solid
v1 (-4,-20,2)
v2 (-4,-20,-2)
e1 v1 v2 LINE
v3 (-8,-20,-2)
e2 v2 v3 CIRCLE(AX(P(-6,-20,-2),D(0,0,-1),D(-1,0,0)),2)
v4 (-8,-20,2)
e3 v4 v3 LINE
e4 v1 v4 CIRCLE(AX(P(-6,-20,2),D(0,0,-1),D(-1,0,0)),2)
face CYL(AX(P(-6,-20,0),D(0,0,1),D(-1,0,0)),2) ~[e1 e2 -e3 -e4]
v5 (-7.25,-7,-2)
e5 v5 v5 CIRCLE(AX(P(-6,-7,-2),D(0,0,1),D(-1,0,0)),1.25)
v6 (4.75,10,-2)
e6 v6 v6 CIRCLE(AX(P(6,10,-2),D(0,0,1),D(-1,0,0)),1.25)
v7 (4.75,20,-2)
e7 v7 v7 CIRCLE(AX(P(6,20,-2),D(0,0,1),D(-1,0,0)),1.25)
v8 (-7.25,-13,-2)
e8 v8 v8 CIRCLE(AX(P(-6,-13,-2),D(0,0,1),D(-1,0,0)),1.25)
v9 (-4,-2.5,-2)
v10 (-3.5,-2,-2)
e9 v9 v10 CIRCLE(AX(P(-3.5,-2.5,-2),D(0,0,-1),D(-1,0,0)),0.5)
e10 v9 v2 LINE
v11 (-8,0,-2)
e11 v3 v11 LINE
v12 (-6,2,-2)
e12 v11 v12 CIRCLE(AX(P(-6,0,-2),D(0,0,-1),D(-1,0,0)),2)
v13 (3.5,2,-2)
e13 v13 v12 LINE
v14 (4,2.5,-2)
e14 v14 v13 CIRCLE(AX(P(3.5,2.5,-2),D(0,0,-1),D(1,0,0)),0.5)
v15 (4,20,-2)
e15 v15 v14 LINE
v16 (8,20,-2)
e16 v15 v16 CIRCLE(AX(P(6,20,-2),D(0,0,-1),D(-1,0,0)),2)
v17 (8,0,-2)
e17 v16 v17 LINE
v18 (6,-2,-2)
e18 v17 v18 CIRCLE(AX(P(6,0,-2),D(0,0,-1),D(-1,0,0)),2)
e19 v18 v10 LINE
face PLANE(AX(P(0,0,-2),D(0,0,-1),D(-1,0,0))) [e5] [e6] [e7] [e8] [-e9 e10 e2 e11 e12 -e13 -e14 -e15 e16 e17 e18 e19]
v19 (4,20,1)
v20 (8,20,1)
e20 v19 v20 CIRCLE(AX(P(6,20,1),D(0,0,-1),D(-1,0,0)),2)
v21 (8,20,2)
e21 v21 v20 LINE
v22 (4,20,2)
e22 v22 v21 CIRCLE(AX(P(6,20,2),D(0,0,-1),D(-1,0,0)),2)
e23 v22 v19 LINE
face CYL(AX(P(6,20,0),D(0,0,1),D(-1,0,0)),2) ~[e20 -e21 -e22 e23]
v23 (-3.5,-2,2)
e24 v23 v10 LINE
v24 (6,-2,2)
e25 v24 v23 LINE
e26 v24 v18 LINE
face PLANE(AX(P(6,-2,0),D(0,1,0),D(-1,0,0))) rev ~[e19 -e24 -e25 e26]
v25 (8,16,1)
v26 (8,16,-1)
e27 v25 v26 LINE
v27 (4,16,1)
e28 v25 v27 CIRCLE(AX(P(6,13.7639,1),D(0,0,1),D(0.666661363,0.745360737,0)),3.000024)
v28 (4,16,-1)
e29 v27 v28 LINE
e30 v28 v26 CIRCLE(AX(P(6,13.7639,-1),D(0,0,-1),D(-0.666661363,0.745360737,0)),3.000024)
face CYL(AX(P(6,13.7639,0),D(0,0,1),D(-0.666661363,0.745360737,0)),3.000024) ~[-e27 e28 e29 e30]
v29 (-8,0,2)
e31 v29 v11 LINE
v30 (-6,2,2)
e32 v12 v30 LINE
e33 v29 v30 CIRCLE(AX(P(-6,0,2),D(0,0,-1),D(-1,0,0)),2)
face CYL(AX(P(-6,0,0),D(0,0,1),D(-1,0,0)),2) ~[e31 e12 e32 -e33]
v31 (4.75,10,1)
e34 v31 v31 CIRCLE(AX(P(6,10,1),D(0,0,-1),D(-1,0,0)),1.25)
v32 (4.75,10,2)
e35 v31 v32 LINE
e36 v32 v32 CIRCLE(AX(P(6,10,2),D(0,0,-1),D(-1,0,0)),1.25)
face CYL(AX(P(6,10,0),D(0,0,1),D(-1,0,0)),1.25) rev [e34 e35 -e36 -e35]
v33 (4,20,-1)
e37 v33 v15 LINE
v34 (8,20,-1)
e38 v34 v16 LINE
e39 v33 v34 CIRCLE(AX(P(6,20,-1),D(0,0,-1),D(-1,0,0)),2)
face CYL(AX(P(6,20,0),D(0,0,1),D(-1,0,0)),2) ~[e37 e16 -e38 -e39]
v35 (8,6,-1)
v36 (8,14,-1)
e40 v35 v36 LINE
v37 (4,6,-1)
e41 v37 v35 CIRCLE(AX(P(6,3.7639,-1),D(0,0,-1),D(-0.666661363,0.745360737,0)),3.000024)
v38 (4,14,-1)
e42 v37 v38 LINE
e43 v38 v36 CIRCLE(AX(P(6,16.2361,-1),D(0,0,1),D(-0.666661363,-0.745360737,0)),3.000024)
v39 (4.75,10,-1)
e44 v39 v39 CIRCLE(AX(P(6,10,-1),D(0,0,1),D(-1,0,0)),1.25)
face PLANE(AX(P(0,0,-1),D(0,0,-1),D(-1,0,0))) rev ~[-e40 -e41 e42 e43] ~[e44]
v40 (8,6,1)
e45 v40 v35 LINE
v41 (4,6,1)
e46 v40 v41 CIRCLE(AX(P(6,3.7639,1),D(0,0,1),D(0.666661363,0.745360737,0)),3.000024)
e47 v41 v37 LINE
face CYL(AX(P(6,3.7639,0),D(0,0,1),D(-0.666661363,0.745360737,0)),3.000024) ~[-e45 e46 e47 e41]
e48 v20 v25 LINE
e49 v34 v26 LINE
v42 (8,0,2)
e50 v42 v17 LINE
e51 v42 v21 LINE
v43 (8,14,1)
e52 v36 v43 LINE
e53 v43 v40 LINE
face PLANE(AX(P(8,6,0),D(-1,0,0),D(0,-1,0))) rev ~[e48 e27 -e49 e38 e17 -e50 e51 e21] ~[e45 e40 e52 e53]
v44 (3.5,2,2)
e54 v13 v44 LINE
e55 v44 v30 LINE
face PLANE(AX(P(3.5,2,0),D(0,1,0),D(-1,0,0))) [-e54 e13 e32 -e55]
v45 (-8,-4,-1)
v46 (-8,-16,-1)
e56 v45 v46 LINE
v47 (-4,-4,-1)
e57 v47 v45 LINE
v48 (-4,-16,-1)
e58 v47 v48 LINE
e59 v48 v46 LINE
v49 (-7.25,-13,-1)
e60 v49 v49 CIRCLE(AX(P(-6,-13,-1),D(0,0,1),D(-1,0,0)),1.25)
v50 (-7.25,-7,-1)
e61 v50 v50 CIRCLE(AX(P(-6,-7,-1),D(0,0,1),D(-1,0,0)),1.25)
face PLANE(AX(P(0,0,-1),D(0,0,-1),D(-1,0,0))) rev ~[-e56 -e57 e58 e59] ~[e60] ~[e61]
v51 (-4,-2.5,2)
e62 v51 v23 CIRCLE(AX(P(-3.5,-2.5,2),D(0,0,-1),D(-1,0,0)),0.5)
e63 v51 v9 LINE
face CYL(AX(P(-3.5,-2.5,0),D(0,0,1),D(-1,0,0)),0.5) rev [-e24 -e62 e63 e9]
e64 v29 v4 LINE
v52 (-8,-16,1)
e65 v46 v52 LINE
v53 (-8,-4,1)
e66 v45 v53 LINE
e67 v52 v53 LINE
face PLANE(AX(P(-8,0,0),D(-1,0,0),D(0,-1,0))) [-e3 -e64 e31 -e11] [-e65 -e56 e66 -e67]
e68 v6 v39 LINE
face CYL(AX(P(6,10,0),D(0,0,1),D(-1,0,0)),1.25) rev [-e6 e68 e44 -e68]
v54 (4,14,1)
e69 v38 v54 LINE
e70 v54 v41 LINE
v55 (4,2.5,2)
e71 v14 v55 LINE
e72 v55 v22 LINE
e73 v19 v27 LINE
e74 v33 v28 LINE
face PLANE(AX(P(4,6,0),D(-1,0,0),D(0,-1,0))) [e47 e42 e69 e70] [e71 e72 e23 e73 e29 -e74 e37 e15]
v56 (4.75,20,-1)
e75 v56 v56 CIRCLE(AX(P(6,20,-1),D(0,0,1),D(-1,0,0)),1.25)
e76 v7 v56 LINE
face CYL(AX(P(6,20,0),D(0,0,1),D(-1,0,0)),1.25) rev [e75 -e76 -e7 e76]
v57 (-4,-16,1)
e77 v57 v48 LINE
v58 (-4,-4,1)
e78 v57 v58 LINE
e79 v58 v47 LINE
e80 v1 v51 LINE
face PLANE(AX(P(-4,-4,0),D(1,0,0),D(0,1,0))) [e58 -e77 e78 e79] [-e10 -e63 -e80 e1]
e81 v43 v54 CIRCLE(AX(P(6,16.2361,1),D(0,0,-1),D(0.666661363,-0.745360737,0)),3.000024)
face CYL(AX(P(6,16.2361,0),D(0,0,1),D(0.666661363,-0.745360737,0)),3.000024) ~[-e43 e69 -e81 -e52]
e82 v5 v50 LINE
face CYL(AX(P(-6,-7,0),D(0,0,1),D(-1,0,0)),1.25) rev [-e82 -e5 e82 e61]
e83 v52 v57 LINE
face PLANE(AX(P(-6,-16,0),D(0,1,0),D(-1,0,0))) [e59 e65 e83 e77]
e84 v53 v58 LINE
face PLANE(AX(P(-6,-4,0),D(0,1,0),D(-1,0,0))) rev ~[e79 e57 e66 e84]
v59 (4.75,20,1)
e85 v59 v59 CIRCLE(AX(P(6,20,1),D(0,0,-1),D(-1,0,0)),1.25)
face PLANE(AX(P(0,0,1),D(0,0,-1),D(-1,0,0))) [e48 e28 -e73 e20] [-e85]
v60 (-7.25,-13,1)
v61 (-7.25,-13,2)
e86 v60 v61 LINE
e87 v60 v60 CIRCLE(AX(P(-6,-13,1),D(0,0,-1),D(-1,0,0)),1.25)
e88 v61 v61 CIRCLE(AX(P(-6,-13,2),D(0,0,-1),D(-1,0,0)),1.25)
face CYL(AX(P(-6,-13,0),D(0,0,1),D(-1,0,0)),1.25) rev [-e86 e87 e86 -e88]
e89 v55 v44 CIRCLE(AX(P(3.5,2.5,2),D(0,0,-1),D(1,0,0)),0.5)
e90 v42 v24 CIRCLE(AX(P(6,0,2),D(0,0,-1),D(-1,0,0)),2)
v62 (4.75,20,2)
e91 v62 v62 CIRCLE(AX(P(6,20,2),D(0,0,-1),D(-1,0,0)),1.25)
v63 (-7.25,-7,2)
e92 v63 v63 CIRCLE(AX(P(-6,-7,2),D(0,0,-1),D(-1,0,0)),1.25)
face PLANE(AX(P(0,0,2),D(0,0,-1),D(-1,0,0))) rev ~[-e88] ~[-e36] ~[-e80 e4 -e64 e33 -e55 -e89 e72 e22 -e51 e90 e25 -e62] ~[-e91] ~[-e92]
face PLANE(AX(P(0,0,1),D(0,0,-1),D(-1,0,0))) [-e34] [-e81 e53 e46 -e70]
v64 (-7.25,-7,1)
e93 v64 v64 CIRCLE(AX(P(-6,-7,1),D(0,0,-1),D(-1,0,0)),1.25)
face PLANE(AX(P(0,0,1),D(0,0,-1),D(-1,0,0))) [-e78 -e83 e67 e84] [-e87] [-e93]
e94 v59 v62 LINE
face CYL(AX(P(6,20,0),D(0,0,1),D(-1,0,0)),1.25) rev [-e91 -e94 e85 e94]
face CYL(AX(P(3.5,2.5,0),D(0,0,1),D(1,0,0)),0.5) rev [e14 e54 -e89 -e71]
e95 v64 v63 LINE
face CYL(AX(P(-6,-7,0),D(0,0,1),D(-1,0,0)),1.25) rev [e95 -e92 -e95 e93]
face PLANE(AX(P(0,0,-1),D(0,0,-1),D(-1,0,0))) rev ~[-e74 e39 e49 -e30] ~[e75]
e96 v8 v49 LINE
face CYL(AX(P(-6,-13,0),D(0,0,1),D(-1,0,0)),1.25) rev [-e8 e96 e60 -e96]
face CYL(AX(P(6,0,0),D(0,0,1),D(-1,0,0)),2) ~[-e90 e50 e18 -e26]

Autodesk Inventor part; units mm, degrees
ref_plane "YZ Plane" through (0, 0, 0) normal (1, 0, 0) x (0, 1, 0)
ref_plane "XZ Plane" through (0, 0, 0) normal (0, 1, 0) x (-1, 0, 0)
ref_plane "XY Plane" through (0, 0, 0) normal (0, 0, 1) x (1, 0, 0)
sketch "Sketch1" plane through (0, 0, 0) normal (0, 0, 1) x (1, 0, 0)
  line L0 (0, 0) -> (6, 0)
  line L1 (6, 0) -> (6, -20)
  line L2 (0, 0) -> (-6, 0)
  line L3 (-6, 0) -> (-6, 20)
  circle A0 centre (-6, 20) radius 2
  circle A1 centre (-6, 20) radius 1.25
  line L4 (-6, 0) -> (-6, 10)
  circle A2 centre (-6, 10) radius 1.25
  circle A3 centre (6, 0) radius 2
  circle A4 centre (-6, 0) radius 2
  line L5 (-8, 20) -> (-8, 0)
  line L6 (-4, 20) -> (-4, 2.5)
  line L7 (-6, -2) -> (3.5, -2)
  line L8 (-3.5, 2) -> (6, 2)
  circle A5 centre (6, -20) radius 2
  line L9 (4, -20) -> (4, -2.5)
  line L10 (8, 0) -> (8, -20)
  arc A6 (-4, 2.5) -> (-3.5, 2) centre (-3.5, 2.5) ccw
  arc A7 (4, -2.5) -> (3.5, -2) centre (3.5, -2.5) ccw
  line L11 (-8, 20) -> (-4, 20)
  line L12 (-4, 20) -> (-4, 16)
  line L13 (-4, 16) -> (-8, 16)
  line L14 (-8, 16) -> (-8, 20)
  arc A8 (-4, 16) -> (-8, 16) centre (-6, 13.7639) ccw
  line L15 (-4, 10) -> (-8, 10)
  line L16 (-8, 10) -> (-8, 14)
  line L17 (-8, 14) -> (-4, 14)
  line L18 (-4, 14) -> (-4, 10)
  line L19 (-4, 10) -> (-8, 10)
  line L20 (-8, 10) -> (-8, 6)
  line L21 (-8, 6) -> (-4, 6)
  line L22 (-4, 6) -> (-4, 10)
  arc A9 (-8, 14) -> (-4, 14) centre (-6, 16.2361) ccw
  arc A10 (-4, 6) -> (-8, 6) centre (-6, 3.7639) ccw
  line L23 (6, 0) -> (6, -7)
  circle A11 centre (6, -7) radius 1.25
  line L24 (6, -20) -> (6, -13)
  circle A12 centre (6, -13) radius 1.25
  line L25 (4, -6.5) -> (4, -3.5)
  line L26 (8, -3.5) -> (8, -6.5)
  line L27 (4, -13.5) -> (4, -16.5)
  line L28 (8, -16.5) -> (8, -13.5)
  line L29 (8, -7) -> (4, -7)
  line L30 (4, -7) -> (4, -4)
  line L31 (4, -4) -> (8, -4)
  line L32 (8, -4) -> (8, -7)
  line L33 (8, -13) -> (4, -13)
  line L34 (4, -13) -> (4, -16)
  line L35 (4, -16) -> (8, -16)
  line L36 (8, -16) -> (8, -13)
  point P0 (-4, 0)
  point P1 (6, -2)
  point P2 (-6, 2)
  point P3 (6, 2)
  point P4 (4, 0)
  point P5 (-4, 6)
  point P6 (-4, 14)
  point P7 (-8, 16)
  point P8 (4, -4)
  point P9 (4, -16)
  point P10 (8, -16)
  dimension "d44" = 6
  dimension "d45" = 20
  dimension "d46" = 6
  dimension "d47" = 20
  dimension "d48" = 4
  dimension "d49" = 2.5
  dimension "d50" = 10
  dimension "d51" = 2.5
  dimension "d52" = 4
  dimension "d53" = 4
  dimension "d54" = 4
  dimension "d55" = 0.5
  dimension "d56" = 0.5
  dimension "d57" = 4
  dimension "d58" = 20
  dimension "d59" = 3
  dimension "d60" = 4
  dimension "d61" = 10
  dimension "d62" = 4
  dimension "d63" = 3
  dimension "d64" = 3
  dimension "d66" = 2.5
  dimension "d68" = 2.5
  dimension "d75" = 7
  dimension "d77" = 7
  dimension "d78" = 3
  dimension "d79" = 3
extrude "Extrusion8" add sketch "Sketch1" along normal mid plane 4 contours L2 A4 L3 L21 L6 A6 L8 A3 L0 | L0 A3 L1 L31 L9 A7 L7 A4 L2 | A3 L1 L0 | L0 L1 A3 | A4 L3 L2 | L2 L3 A4 | A3 L10 L31 L1 | A4 L5 L21 L3 | L31 L10 L29 A11 L1 | L1 A11 L29 L9 L31 | L21 A10 L3 | L3 A10 L21 | L5 L15 A2 L3 A10 | L3 A2 L15 L6 A10 | L29 L10 L33 A12 L1 A11 | A11 L1 A12 L33 L9 L29 | L5 A9 L3 A2 L15 | L15 A2 L3 A9 L6 | L5 L13 L3 L17 | L17 L3 A9 | L17 L3 L13 L6 | A9 L3 L17 | L10 L35 L1 A12 L33 | L33 A12 L1 L35 L9 | A8 L3 L13 | L5 A0 L3 A8 | A8 L3 A0 L6 | L13 L3 A8 | L11 A1 L3 A0 | A0 L11 A1 | A0 L3 A1 L11 | L10 A5 L1 L35 | L35 L1 A5 L9 | A5
extrude "Extrusion9" cut sketch "Sketch1" along normal mid plane 2 contours L31 L10 L29 A11 L1 | L1 A11 L29 L9 L31 | L5 L15 A2 L3 A10 | L3 A2 L15 L6 A10 | L29 L10 L33 A12 L1 A11 | A11 L1 A12 L33 L9 L29 | L5 A9 L3 A2 L15 | L15 A2 L3 A9 L6 | L10 L35 L1 A12 L33 | L33 A12 L1 L35 L9 | L5 A0 L3 A8 | A8 L3 A0 L6 | L11 A1 L3 A0 | A0 L11 A1 | A0 L3 A1 L11
move or copy body "Move Body1" bodies to move or copy 1 copy no rotation origin (0, 0, 0) rotation axis (0, 1, 0) rotation angle 180
properties part number "link7" material "Aluminum 6061"
